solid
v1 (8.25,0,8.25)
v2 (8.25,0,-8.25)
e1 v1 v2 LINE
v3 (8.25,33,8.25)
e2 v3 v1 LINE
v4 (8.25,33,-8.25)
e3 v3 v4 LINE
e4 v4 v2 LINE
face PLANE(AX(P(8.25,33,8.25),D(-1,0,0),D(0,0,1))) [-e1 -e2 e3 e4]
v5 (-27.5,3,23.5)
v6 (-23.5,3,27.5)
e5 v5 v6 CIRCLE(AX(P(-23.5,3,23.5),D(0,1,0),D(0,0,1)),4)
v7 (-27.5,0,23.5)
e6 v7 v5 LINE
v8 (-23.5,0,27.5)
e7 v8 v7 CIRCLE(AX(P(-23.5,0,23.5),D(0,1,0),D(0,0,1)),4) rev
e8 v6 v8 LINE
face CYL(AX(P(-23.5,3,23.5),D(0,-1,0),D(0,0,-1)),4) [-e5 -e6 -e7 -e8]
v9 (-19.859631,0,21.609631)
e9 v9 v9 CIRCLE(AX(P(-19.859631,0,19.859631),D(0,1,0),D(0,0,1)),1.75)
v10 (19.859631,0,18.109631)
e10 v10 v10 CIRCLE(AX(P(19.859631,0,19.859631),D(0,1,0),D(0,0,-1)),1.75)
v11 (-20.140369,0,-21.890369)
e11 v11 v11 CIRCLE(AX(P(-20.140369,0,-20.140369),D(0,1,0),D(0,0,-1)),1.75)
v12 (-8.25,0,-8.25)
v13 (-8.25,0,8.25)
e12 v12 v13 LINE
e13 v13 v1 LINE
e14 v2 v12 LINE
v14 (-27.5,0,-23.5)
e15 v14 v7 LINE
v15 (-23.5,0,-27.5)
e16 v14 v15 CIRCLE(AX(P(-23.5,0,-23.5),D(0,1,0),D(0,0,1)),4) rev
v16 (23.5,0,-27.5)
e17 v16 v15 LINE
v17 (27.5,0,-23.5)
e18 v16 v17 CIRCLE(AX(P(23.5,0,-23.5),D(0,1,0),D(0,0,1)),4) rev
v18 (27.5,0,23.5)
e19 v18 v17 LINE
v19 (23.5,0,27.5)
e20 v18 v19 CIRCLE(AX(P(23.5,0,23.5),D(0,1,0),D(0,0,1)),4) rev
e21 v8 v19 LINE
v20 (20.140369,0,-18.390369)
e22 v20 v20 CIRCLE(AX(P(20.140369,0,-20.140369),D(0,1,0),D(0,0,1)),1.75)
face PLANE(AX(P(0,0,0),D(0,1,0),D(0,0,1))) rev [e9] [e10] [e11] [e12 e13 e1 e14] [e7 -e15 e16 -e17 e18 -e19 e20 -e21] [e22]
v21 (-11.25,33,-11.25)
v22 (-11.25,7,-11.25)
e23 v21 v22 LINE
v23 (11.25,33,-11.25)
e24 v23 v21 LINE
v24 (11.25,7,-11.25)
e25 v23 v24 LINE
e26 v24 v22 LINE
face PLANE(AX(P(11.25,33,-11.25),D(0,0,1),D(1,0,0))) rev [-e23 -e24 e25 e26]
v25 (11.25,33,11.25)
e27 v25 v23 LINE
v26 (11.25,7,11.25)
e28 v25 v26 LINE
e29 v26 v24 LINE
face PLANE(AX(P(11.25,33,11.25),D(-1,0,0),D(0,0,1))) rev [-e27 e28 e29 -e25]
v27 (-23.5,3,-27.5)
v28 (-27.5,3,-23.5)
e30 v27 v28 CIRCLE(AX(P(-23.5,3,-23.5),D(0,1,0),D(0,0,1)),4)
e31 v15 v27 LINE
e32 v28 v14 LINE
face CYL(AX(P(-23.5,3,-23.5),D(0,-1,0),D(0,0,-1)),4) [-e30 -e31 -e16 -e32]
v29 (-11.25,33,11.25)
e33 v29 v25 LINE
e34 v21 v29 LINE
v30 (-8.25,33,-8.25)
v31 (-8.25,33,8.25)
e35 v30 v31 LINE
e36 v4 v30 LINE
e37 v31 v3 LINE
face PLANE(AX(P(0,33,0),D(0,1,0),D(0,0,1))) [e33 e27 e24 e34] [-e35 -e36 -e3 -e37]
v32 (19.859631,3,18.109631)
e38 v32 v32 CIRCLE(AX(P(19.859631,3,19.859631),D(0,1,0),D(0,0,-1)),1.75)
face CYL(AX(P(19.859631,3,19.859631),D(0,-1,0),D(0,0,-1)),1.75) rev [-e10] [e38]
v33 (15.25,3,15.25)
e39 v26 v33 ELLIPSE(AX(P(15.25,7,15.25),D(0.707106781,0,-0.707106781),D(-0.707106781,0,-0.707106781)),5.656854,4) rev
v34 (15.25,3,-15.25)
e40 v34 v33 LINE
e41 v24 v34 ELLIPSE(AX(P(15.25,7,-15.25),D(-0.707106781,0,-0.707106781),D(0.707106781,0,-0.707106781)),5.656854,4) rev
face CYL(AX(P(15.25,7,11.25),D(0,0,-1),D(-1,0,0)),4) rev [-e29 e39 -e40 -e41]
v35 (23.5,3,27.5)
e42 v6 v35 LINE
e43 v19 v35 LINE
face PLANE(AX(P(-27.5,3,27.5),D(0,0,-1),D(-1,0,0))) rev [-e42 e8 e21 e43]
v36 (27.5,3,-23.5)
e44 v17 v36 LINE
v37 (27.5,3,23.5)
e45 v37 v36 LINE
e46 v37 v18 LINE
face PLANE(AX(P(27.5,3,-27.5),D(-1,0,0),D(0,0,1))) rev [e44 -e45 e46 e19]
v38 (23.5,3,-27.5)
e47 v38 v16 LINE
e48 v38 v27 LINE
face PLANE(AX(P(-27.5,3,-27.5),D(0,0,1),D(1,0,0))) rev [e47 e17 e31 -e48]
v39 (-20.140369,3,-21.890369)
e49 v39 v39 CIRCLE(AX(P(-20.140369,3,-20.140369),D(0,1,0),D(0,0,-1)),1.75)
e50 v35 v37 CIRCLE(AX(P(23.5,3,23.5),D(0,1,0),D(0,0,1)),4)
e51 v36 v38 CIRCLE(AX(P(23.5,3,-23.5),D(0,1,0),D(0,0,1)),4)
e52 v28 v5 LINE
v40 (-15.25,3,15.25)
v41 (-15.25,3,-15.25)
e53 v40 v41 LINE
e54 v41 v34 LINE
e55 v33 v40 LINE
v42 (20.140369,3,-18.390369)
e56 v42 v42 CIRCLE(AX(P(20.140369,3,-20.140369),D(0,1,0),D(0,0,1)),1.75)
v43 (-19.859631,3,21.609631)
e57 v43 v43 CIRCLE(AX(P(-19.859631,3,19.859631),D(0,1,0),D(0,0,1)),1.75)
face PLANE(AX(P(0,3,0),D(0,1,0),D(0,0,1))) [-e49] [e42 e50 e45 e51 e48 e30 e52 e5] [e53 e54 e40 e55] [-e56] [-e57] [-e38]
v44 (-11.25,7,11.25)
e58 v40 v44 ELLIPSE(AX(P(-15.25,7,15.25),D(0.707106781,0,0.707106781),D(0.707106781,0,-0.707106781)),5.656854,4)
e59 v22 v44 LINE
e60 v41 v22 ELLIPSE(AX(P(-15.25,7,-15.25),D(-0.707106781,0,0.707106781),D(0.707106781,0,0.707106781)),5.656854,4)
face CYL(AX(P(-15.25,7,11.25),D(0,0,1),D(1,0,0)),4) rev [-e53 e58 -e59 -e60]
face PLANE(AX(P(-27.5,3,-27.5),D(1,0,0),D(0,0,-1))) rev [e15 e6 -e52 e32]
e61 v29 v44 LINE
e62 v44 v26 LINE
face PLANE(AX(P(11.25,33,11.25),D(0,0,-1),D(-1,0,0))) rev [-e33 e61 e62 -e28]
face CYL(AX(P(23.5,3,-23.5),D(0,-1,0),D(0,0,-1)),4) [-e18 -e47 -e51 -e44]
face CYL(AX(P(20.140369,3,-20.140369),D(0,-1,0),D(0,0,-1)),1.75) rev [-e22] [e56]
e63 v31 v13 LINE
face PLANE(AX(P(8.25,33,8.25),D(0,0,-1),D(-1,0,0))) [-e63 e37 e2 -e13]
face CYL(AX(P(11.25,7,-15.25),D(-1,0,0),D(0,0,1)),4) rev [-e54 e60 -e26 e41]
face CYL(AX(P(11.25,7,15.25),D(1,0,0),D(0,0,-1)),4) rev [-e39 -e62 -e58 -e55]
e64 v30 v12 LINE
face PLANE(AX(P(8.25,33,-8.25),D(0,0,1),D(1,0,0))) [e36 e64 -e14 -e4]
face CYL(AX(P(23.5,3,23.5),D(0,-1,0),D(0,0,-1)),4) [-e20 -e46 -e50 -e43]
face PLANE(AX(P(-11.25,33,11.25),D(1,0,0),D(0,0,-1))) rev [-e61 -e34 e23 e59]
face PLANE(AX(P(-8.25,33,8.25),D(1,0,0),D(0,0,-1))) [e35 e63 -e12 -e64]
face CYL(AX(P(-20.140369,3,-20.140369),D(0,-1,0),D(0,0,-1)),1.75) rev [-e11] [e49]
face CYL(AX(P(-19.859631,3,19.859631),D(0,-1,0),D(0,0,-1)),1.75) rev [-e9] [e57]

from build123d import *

# Parameters (mm, degrees)
SKETCH1_W           = 55
SKETCH1_H           = 55
SKETCH1_R           = 1.75
BOSS_EXTRUDE1_DEPTH = 3
SKETCH2_W           = 22.5
SKETCH2_H           = 22.5
SKETCH2_W_2         = 16.5
SKETCH2_H_2         = 16.5
BOSS_EXTRUDE2_DEPTH = 30
SKETCH3_W           = 16.5
SKETCH3_H           = 16.5
CUT_EXTRUDE1_DEPTH  = 30
FILLET1_R           = 4
FILLET2_R           = 4


with BuildPart() as part:
    # Sketch1 → Boss-Extrude1 (new body)
    with BuildSketch(Plane(origin=(0, 0, 0), x_dir=(1, 0, 0), z_dir=(0, 1, 0))):
        Rectangle(SKETCH1_W, SKETCH1_H)
        with Locations(Location((20.140368527, 20.140368527, 0), (0, 0, 270))):
            Circle(SKETCH1_R, mode=Mode.SUBTRACT)
        with Locations(Location((-19.859631473, -19.859631473, 0), (0, 0, 270))):
            Circle(SKETCH1_R, mode=Mode.SUBTRACT)
        with Locations(Location((-20.140368527, 20.140368527, 0), (0, 0, 90))):
            Circle(SKETCH1_R, mode=Mode.SUBTRACT)
        with Locations(Location((19.859631473, -19.859631473, 0), (0, 0, 90))):
            Circle(SKETCH1_R, mode=Mode.SUBTRACT)
    extrude(amount=BOSS_EXTRUDE1_DEPTH)

    # Sketch2 → Boss-Extrude2 (add)
    with BuildSketch(Plane(origin=(0, 3, 0), x_dir=(1, 0, 0), z_dir=(0, 1, 0))):
        Rectangle(SKETCH2_W, SKETCH2_H)
        Rectangle(SKETCH2_W_2, SKETCH2_H_2, mode=Mode.SUBTRACT)
    extrude(amount=BOSS_EXTRUDE2_DEPTH)

    # Sketch3 → Cut-Extrude1 (cut)
    with BuildSketch(Plane(origin=(0, 3, 0), x_dir=(1, 0, 0), z_dir=(0, 1, 0))):
        Rectangle(SKETCH3_W, SKETCH3_H)
    extrude(amount=-CUT_EXTRUDE1_DEPTH, mode=Mode.SUBTRACT)

    # Fillet1
    fillet1_edges = [part.edges().sort_by_distance(p)[0] for p in [
        (-11.25, 3, 0),
        (0, 3, 11.25),
        (11.25, 3, 0),
        (0, 3, -11.25),
    ]]
    fillet(fillet1_edges, radius=FILLET1_R)

    # Fillet2
    fillet2_edges = [part.edges().sort_by_distance(p)[0] for p in [
        (27.5, 1.5, 27.5),
        (-27.5, 1.5, 27.5),
        (-27.5, 1.5, -27.5),
        (27.5, 1.5, -27.5),
    ]]
    fillet(fillet2_edges, radius=FILLET2_R)


solid = part.part
